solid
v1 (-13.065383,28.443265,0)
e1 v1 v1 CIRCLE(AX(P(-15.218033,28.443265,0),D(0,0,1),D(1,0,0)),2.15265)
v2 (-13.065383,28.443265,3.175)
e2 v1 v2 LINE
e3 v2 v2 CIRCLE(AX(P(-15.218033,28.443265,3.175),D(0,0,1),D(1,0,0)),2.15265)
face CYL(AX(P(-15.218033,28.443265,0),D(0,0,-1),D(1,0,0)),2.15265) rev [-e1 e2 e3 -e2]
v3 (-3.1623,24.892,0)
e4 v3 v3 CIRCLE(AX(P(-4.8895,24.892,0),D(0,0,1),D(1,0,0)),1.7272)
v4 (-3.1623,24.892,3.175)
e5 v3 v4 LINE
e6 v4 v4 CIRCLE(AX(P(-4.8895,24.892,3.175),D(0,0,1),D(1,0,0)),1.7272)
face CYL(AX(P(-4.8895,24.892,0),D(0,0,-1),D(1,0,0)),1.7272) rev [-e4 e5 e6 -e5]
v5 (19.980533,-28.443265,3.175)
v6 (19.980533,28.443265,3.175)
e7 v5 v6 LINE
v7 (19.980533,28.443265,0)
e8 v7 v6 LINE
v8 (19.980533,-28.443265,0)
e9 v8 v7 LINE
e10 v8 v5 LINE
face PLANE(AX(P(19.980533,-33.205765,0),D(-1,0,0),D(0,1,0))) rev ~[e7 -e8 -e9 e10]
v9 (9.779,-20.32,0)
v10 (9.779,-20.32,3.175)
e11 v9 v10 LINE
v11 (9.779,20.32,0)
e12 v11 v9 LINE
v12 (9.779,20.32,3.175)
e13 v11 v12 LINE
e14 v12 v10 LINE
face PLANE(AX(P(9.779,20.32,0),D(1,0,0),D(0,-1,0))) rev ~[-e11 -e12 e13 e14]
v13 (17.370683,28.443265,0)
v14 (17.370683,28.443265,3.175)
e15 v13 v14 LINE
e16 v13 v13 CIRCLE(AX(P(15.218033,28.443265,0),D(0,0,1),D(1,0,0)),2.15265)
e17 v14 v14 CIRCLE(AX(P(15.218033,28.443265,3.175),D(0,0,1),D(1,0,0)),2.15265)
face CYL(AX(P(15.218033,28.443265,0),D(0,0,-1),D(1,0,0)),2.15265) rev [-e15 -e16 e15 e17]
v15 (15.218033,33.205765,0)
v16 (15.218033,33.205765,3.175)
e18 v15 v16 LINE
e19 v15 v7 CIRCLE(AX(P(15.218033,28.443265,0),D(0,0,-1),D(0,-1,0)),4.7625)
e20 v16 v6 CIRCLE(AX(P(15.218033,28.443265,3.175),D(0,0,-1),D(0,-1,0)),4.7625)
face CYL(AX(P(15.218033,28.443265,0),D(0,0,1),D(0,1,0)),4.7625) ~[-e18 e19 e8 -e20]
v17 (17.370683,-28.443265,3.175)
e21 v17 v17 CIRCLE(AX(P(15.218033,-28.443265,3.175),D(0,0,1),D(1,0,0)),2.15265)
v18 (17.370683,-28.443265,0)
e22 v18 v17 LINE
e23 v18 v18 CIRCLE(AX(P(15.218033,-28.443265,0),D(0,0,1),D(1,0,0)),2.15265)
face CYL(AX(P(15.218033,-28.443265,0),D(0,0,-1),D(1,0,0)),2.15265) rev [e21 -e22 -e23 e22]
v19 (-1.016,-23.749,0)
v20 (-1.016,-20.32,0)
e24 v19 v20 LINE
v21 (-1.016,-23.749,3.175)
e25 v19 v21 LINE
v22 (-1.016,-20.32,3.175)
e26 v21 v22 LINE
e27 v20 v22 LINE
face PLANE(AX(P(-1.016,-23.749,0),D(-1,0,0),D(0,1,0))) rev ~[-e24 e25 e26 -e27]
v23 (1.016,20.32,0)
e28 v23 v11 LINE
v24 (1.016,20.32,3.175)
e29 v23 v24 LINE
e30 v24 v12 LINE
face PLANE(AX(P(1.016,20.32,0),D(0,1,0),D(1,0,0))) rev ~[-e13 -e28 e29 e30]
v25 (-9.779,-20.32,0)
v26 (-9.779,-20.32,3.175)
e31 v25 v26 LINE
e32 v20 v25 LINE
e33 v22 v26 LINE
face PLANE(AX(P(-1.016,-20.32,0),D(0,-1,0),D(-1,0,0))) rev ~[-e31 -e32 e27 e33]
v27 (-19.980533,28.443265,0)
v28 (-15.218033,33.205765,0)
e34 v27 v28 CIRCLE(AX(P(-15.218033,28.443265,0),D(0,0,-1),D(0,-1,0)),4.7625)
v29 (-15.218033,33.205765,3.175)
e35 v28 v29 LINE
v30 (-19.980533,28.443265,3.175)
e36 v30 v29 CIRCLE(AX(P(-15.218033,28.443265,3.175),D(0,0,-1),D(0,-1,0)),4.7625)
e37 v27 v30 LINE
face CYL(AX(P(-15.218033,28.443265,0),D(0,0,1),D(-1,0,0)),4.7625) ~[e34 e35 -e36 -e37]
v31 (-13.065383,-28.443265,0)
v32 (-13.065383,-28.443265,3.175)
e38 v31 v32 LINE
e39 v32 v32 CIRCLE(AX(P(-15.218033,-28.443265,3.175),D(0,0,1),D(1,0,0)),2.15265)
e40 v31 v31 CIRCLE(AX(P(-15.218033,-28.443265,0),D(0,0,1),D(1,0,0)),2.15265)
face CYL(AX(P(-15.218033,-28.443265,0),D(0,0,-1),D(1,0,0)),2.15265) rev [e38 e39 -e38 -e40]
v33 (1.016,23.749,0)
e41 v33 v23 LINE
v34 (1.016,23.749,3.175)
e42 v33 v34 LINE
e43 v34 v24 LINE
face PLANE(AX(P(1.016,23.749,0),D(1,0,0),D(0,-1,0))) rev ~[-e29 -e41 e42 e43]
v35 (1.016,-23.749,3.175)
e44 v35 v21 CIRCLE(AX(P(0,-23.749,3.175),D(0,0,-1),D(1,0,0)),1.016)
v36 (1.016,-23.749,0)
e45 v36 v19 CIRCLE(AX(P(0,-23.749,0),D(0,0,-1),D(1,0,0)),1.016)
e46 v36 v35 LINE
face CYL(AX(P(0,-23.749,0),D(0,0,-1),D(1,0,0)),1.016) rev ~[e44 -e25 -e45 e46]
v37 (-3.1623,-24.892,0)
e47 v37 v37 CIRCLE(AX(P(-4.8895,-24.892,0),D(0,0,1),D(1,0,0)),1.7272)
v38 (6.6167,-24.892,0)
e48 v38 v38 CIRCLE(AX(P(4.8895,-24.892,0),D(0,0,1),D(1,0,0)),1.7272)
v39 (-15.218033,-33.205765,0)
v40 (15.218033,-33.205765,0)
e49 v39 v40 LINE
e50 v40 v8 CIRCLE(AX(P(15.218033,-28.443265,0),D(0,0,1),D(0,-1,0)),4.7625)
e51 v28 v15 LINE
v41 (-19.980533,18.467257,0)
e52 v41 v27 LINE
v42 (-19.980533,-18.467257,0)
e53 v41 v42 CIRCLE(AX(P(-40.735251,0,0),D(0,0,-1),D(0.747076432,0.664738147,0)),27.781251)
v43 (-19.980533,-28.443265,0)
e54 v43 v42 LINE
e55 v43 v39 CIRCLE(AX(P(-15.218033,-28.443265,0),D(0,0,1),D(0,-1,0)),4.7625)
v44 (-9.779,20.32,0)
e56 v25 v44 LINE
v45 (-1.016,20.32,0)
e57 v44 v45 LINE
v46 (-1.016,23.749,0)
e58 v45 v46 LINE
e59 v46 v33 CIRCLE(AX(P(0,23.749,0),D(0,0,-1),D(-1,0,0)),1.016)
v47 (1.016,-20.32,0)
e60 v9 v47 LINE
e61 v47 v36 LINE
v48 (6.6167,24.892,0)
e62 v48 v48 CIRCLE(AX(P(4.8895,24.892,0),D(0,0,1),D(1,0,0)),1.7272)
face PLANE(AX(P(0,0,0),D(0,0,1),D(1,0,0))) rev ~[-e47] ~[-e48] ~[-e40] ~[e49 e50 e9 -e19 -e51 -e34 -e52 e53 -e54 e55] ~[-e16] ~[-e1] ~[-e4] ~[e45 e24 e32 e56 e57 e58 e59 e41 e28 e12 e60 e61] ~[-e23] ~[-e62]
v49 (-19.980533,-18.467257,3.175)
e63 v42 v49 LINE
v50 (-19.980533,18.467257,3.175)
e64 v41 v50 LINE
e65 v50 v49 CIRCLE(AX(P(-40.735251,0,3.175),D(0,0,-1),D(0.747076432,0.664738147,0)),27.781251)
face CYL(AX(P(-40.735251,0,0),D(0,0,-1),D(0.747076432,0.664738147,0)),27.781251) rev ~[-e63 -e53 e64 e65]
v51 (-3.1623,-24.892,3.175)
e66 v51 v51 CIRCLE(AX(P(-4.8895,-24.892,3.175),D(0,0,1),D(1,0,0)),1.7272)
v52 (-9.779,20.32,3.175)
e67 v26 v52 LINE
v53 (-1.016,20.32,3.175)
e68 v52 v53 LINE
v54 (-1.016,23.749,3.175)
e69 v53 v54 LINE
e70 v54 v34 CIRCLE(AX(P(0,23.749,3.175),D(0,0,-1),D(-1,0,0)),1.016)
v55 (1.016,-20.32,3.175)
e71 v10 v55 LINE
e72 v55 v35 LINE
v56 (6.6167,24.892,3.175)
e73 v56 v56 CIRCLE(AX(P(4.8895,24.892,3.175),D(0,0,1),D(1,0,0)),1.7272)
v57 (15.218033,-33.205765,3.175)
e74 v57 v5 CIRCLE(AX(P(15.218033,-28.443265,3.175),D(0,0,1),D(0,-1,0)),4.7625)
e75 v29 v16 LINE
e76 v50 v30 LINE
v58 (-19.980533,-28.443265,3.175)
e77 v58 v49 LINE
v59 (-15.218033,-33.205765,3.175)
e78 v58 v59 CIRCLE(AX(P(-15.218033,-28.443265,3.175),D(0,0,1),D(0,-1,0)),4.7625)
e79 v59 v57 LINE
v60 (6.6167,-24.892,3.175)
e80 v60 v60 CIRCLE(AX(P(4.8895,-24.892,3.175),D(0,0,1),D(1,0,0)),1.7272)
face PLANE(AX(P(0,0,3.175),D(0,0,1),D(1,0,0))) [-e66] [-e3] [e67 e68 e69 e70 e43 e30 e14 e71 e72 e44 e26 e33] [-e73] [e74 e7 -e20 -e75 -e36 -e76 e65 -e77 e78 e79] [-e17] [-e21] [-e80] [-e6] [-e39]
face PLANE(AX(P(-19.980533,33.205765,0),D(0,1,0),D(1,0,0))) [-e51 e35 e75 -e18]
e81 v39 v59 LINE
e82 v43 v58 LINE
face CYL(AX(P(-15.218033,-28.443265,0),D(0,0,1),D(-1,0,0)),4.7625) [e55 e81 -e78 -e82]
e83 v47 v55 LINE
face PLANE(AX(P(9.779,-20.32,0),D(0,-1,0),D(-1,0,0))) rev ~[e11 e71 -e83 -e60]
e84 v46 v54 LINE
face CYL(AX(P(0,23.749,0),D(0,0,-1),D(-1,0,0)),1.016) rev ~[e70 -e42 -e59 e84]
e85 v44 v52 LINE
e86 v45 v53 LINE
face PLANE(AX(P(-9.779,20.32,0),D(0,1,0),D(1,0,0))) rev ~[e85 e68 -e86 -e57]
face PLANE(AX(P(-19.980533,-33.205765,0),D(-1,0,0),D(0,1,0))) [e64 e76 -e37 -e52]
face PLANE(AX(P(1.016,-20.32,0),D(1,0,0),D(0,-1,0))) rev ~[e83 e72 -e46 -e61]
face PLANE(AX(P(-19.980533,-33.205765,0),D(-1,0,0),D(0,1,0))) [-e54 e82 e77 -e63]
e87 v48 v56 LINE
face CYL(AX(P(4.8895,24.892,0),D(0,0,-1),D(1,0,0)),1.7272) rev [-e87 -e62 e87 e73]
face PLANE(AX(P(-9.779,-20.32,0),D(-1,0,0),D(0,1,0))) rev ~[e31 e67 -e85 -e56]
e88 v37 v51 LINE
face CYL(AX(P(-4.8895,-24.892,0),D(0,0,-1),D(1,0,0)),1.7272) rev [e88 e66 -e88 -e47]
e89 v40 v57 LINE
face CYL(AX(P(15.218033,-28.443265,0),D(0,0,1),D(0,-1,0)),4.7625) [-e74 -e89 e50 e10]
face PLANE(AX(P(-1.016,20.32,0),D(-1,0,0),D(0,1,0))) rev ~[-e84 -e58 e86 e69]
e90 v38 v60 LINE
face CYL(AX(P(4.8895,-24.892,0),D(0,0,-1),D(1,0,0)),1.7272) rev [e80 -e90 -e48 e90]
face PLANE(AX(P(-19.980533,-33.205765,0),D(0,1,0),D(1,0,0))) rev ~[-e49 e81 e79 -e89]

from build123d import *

# Parameters (mm, degrees)
F0_W     = 39.961066
F0_H     = 66.41153
F0_R     = 2.15265
F0_R_2   = 1.7272
F1_DEPTH = 3.175
F2_R     = 4.7625
F4_DEPTH = 3.175


with BuildPart() as f1:
    # F0 (on Top) → F1 (new body)
    with BuildSketch(Plane.XY):
        Rectangle(F0_W, F0_H)
        with Locations((-15.218033, -28.443265)):
            Circle(F0_R, mode=Mode.SUBTRACT)
        with Locations((-4.8895, -24.892)):
            Circle(F0_R_2, mode=Mode.SUBTRACT)
        with Locations((4.8895, -24.892)):
            Circle(F0_R_2, mode=Mode.SUBTRACT)
        with Locations((15.218033, -28.443265)):
            Circle(F0_R, mode=Mode.SUBTRACT)
        with Locations((-15.218033, 28.443265)):
            Circle(F0_R, mode=Mode.SUBTRACT)
        with Locations((-4.8895, 24.892)):
            Circle(F0_R_2, mode=Mode.SUBTRACT)
        with BuildLine():
            Line((-1.016, -20.32), (-9.779, -20.32))
            Line((-9.779, -20.32), (-9.779, 20.32))
            Line((-9.779, 20.32), (-1.016, 20.32))
            Line((-1.016, 20.32), (-1.016, 23.749))
            ThreePointArc((-1.016, 23.749), (0, 24.765), (1.016, 23.749))
            Line((1.016, 23.749), (1.016, 20.32))
            Line((1.016, 20.32), (9.779, 20.32))
            Line((9.779, 20.32), (9.779, -20.32))
            Line((9.779, -20.32), (1.016, -20.32))
            Line((1.016, -20.32), (1.016, -23.749))
            ThreePointArc((1.016, -23.749), (0, -24.765), (-1.016, -23.749))
            Line((-1.016, -23.749), (-1.016, -20.32))
        make_face(mode=Mode.SUBTRACT)
        with Locations((4.8895, 24.892)):
            Circle(F0_R_2, mode=Mode.SUBTRACT)
        with Locations((15.218033, 28.443265)):
            Circle(F0_R, mode=Mode.SUBTRACT)
    extrude(amount=F1_DEPTH)

    # F2
    f2_edges = [f1.edges().sort_by_distance(p)[0] for p in [
        (19.980533, 33.205765, 1.5875),
        (19.980533, -33.205765, 1.5875),
        (-19.980533, 33.205765, 1.5875),
        (-19.980533, -33.205765, 1.5875),
    ]]
    fillet(f2_edges, radius=F2_R)

    # F3 (on face) → F4 (cut, through all)
    with BuildSketch(Plane(origin=(0, 0, 0), x_dir=(1, 0, 0), z_dir=(0, 0, -1))):
        with BuildLine():
            Line((-19.980533, 18.467257), (-19.980533, -18.467257))
            ThreePointArc((-19.980533, -18.467257), (-12.954, 0), (-19.980533, 18.467257))
        make_face()
    extrude(amount=-F4_DEPTH, mode=Mode.SUBTRACT)


solid = f1.part
